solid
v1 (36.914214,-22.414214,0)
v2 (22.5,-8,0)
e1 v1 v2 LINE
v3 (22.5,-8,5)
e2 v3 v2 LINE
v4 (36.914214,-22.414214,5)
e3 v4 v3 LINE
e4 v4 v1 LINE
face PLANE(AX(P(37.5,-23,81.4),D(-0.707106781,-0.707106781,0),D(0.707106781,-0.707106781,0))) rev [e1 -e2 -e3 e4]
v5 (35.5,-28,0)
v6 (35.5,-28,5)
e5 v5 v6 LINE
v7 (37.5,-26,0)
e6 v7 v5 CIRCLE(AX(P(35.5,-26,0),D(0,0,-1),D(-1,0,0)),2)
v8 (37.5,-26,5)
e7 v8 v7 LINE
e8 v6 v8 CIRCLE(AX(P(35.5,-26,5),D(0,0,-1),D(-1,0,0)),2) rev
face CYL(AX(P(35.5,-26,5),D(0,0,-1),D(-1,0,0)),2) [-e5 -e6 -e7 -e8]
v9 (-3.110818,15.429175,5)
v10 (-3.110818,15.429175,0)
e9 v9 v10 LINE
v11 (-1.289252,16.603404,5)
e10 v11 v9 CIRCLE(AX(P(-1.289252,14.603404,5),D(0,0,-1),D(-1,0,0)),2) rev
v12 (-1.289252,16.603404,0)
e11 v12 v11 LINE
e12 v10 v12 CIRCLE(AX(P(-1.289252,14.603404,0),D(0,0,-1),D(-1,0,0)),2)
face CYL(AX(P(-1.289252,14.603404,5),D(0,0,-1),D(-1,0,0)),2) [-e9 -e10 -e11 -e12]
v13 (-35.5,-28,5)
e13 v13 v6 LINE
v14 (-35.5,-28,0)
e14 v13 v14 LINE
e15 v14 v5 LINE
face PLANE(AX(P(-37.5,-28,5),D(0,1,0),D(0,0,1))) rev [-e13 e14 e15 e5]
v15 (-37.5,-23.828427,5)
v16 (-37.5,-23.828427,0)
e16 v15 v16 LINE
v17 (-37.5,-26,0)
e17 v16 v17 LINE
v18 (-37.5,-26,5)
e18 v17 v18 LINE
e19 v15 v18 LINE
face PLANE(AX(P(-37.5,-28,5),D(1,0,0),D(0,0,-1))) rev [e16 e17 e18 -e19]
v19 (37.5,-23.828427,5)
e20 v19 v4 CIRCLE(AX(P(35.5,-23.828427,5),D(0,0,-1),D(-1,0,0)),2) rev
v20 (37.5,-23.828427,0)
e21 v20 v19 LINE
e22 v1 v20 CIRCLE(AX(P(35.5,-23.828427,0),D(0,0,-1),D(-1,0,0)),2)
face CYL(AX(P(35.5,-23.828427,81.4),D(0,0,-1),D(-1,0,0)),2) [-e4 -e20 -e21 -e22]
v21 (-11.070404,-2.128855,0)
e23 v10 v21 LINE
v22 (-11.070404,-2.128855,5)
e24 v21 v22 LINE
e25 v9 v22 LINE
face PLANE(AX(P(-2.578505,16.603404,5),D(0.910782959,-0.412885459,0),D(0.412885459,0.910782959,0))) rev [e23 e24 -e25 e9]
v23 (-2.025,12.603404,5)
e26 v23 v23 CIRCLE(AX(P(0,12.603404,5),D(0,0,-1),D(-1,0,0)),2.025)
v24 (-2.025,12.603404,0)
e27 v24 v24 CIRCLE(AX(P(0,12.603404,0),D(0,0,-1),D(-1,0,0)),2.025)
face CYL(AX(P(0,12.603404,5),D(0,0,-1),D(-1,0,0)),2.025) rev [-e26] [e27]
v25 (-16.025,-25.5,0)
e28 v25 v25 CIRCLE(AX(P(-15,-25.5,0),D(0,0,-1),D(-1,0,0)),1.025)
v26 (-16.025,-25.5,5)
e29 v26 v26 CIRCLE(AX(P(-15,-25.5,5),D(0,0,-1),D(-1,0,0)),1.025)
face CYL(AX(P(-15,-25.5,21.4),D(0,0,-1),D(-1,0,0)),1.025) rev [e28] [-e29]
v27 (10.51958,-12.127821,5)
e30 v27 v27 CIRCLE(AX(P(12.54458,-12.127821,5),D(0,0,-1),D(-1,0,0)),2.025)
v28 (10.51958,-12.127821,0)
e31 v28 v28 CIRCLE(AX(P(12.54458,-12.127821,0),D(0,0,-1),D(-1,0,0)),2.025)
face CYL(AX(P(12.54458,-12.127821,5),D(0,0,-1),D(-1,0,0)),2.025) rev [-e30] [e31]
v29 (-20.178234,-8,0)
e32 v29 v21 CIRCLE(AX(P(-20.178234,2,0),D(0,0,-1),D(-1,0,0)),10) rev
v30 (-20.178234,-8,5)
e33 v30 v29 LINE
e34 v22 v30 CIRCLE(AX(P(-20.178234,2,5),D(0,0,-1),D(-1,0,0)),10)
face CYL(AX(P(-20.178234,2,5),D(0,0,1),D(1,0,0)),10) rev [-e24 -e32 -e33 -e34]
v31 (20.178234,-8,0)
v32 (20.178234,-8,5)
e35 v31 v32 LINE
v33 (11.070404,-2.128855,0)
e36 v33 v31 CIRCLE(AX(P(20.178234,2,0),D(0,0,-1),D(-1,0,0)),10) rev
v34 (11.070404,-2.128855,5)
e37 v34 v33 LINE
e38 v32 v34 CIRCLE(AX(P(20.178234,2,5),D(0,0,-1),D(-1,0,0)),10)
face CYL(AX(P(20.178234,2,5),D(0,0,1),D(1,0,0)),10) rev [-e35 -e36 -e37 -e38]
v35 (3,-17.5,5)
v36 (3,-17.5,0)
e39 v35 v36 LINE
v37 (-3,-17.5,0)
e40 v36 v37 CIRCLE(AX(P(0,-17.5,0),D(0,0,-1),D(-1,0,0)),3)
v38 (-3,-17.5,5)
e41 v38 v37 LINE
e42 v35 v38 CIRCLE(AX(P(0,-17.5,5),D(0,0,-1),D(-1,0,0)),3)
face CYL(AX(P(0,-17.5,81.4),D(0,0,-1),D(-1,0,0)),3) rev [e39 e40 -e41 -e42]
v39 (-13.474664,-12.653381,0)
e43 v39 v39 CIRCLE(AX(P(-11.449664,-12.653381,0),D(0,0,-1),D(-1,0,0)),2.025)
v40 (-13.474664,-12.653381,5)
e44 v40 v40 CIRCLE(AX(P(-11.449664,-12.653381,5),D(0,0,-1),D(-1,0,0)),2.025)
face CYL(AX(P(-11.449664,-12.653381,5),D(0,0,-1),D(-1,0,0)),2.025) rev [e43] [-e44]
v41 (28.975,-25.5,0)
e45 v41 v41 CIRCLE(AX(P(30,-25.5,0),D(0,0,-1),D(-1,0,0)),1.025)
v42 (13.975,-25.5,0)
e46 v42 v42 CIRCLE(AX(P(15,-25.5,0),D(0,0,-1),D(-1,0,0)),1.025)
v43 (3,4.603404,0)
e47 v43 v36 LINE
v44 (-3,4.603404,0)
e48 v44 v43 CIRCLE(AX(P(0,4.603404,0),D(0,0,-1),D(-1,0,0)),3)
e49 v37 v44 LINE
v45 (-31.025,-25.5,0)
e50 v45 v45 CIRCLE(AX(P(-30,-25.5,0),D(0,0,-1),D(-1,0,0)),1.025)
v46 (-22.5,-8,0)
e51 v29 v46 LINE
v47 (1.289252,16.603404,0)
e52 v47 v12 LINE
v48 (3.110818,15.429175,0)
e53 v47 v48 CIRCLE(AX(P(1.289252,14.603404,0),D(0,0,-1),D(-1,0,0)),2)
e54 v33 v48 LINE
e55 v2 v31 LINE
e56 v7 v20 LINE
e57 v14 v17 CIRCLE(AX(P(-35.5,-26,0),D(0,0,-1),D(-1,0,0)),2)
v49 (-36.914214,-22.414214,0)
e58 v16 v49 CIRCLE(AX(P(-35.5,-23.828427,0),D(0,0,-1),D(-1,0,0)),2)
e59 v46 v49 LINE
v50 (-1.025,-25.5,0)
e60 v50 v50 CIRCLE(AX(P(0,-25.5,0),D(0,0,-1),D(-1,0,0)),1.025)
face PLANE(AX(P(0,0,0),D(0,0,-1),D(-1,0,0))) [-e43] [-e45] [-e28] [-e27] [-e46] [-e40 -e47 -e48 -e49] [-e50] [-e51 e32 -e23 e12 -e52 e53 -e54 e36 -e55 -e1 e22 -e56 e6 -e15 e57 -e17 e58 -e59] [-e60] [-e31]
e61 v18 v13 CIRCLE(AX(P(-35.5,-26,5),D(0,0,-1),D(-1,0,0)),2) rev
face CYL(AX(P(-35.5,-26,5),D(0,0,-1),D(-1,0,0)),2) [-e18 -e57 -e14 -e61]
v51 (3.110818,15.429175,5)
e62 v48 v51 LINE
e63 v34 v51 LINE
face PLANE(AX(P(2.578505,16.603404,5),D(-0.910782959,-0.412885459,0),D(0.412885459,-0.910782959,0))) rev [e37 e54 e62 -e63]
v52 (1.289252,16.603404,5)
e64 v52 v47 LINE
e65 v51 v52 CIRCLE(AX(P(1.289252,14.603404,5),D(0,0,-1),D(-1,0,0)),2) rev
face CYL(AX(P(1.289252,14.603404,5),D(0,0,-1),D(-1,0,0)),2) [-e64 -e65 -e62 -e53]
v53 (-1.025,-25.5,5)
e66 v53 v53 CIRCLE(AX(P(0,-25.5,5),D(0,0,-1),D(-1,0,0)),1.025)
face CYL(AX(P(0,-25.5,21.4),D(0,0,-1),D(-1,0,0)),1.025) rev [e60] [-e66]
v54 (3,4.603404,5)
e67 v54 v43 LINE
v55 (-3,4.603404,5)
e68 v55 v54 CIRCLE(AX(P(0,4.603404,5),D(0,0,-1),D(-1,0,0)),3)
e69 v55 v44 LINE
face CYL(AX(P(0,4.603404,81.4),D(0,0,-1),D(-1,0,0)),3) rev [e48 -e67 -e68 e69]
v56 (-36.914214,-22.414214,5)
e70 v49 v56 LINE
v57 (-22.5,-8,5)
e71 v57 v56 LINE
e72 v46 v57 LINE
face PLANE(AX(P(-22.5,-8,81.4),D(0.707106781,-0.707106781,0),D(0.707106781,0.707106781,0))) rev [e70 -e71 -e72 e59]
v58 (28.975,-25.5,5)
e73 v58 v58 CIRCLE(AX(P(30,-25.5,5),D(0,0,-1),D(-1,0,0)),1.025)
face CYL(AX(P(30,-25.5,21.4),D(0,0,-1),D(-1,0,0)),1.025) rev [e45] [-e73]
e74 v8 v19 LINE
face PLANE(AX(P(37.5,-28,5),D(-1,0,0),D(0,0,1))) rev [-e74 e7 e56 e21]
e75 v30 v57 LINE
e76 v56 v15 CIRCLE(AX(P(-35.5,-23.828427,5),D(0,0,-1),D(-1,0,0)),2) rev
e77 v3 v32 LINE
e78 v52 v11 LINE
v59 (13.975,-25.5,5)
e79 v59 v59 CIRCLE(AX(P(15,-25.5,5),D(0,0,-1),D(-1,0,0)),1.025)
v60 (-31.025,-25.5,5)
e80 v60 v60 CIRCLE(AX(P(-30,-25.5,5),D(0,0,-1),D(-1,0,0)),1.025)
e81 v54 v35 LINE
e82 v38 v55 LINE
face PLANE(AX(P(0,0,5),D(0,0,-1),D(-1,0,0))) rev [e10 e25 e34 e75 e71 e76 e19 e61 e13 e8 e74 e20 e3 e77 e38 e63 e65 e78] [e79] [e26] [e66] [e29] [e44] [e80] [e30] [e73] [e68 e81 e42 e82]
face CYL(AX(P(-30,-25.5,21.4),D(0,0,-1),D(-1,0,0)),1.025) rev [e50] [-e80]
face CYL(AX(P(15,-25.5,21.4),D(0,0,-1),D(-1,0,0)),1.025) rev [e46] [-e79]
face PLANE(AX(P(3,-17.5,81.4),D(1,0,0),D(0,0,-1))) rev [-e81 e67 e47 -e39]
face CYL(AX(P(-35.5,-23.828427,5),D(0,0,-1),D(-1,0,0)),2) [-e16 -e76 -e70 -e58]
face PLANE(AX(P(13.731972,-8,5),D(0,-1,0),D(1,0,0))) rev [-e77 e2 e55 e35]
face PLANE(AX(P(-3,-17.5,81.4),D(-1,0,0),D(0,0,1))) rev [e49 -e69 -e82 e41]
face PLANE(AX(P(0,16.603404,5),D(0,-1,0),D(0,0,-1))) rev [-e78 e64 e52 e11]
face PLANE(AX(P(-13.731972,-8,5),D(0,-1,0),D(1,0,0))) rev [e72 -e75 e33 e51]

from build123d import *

# Parameters (mm, degrees)
SKETCH_1_W          = 75
SKETCH_1_H          = 56
EXTRUDE_1_DEPTH     = 5
SKETCH_2_R          = 2.025
CUT_EXTRUDE_1_DEPTH = 5
CUT_EXTRUDE_2_DEPTH = 5
FILLET_1_R          = 10
SKETCH_4_R          = 1.025
CUT_EXTRUDE_3_DEPTH = 21.4
CUT_EXTRUDE_4_DEPTH = 81.4
CUT_EXTRUDE_5_DEPTH = 81.4
FILLET_2_R          = 2
FILLET_3_R          = 2


with BuildPart() as part:
    # 草图1 → 凸台-拉伸1 (new body)
    with BuildSketch(Plane.XY):
        Rectangle(SKETCH_1_W, SKETCH_1_H)
    extrude(amount=EXTRUDE_1_DEPTH)

    # 草图2 → 切除-拉伸1 (cut)
    with BuildSketch(Plane(origin=(0, 0, 0), x_dir=(-1, 0, 0), z_dir=(0, 0, -1))):
        with Locations((11.44966442, -12.653381002)):
            Circle(SKETCH_2_R)
        with Locations((0, 12.603403922)):
            Circle(SKETCH_2_R)
        with Locations((-12.544580452, -12.127821306)):
            Circle(SKETCH_2_R)
    extrude(amount=-CUT_EXTRUDE_1_DEPTH, mode=Mode.SUBTRACT)

    # 草图3 → 切除-拉伸2 (cut)
    with BuildSketch(Plane(origin=(0, 0, 0), x_dir=(-1, 0, 0), z_dir=(0, 0, -1))):
        Polygon((2.578504727, 16.603403922), (13.73197178, -8), (37.5, -8), (37.5, 28), (-37.5, 28), (-37.5, -8), (-13.73197178, -8), (-2.578504727, 16.603403922), (0, 16.603403922), align=None)
    extrude(amount=-CUT_EXTRUDE_2_DEPTH, mode=Mode.SUBTRACT)

    # 圆角1
    fillet_1_edges = [part.edges().sort_by_distance(p)[0] for p in [
        (13.73197178, -8, 2.5),
        (-13.73197178, -8, 2.5),
    ]]
    fillet(fillet_1_edges, radius=FILLET_1_R)

    # 草图4 → 切除-拉伸3 (cut)
    with BuildSketch(Plane(origin=(0, 0, 0), x_dir=(-1, 0, 0), z_dir=(0, 0, -1))):
        with Locations((30, -25.5)):
            Circle(SKETCH_4_R)
        with Locations((15, -25.5)):
            Circle(SKETCH_4_R)
        with Locations((0, -25.5)):
            Circle(SKETCH_4_R)
        with Locations((-15, -25.5)):
            Circle(SKETCH_4_R)
        with Locations((-30, -25.5)):
            Circle(SKETCH_4_R)
    extrude(amount=-CUT_EXTRUDE_3_DEPTH, mode=Mode.SUBTRACT)

    # 草图5 → 切除-拉伸4 (cut)
    with BuildSketch(Plane(origin=(0, 0, 0), x_dir=(-1, 0, 0), z_dir=(0, 0, -1))):
        Polygon((-37.5, -23), (-22.5, -8), (-37.5, -8), align=None)
        Polygon((22.5, -8), (37.5, -23), (37.5, -8), align=None)
    extrude(amount=-CUT_EXTRUDE_4_DEPTH, mode=Mode.SUBTRACT)

    # 草图6 → 切除-拉伸5 (cut)
    with BuildSketch(Plane(origin=(0, 0, 0), x_dir=(-1, 0, 0), z_dir=(0, 0, -1))):
        with BuildLine():
            Line((-3, -17.5), (-3, 4.603403922))
            ThreePointArc((-3, 4.603403922), (0, 7.603403922), (3, 4.603403922))
            Line((3, 4.603403922), (3, -17.5))
            ThreePointArc((3, -17.5), (0, -20.5), (-3, -17.5))
        make_face()
    extrude(amount=-CUT_EXTRUDE_5_DEPTH, mode=Mode.SUBTRACT)

    # 圆角2
    fillet_2_edges = [part.edges().sort_by_distance(p)[0] for p in [
        (37.5, -23, 2.5),
        (-37.5, -23, 2.5),
        (37.5, -28, 2.5),
        (-37.5, -28, 2.5),
    ]]
    fillet(fillet_2_edges, radius=FILLET_2_R)

    # 圆角3
    fillet_3_edges = [part.edges().sort_by_distance(p)[0] for p in [
        (-2.578504727, 16.603403922, 2.5),
        (2.578504727, 16.603403922, 2.5),
    ]]
    fillet(fillet_3_edges, radius=FILLET_3_R)


solid = part.part
